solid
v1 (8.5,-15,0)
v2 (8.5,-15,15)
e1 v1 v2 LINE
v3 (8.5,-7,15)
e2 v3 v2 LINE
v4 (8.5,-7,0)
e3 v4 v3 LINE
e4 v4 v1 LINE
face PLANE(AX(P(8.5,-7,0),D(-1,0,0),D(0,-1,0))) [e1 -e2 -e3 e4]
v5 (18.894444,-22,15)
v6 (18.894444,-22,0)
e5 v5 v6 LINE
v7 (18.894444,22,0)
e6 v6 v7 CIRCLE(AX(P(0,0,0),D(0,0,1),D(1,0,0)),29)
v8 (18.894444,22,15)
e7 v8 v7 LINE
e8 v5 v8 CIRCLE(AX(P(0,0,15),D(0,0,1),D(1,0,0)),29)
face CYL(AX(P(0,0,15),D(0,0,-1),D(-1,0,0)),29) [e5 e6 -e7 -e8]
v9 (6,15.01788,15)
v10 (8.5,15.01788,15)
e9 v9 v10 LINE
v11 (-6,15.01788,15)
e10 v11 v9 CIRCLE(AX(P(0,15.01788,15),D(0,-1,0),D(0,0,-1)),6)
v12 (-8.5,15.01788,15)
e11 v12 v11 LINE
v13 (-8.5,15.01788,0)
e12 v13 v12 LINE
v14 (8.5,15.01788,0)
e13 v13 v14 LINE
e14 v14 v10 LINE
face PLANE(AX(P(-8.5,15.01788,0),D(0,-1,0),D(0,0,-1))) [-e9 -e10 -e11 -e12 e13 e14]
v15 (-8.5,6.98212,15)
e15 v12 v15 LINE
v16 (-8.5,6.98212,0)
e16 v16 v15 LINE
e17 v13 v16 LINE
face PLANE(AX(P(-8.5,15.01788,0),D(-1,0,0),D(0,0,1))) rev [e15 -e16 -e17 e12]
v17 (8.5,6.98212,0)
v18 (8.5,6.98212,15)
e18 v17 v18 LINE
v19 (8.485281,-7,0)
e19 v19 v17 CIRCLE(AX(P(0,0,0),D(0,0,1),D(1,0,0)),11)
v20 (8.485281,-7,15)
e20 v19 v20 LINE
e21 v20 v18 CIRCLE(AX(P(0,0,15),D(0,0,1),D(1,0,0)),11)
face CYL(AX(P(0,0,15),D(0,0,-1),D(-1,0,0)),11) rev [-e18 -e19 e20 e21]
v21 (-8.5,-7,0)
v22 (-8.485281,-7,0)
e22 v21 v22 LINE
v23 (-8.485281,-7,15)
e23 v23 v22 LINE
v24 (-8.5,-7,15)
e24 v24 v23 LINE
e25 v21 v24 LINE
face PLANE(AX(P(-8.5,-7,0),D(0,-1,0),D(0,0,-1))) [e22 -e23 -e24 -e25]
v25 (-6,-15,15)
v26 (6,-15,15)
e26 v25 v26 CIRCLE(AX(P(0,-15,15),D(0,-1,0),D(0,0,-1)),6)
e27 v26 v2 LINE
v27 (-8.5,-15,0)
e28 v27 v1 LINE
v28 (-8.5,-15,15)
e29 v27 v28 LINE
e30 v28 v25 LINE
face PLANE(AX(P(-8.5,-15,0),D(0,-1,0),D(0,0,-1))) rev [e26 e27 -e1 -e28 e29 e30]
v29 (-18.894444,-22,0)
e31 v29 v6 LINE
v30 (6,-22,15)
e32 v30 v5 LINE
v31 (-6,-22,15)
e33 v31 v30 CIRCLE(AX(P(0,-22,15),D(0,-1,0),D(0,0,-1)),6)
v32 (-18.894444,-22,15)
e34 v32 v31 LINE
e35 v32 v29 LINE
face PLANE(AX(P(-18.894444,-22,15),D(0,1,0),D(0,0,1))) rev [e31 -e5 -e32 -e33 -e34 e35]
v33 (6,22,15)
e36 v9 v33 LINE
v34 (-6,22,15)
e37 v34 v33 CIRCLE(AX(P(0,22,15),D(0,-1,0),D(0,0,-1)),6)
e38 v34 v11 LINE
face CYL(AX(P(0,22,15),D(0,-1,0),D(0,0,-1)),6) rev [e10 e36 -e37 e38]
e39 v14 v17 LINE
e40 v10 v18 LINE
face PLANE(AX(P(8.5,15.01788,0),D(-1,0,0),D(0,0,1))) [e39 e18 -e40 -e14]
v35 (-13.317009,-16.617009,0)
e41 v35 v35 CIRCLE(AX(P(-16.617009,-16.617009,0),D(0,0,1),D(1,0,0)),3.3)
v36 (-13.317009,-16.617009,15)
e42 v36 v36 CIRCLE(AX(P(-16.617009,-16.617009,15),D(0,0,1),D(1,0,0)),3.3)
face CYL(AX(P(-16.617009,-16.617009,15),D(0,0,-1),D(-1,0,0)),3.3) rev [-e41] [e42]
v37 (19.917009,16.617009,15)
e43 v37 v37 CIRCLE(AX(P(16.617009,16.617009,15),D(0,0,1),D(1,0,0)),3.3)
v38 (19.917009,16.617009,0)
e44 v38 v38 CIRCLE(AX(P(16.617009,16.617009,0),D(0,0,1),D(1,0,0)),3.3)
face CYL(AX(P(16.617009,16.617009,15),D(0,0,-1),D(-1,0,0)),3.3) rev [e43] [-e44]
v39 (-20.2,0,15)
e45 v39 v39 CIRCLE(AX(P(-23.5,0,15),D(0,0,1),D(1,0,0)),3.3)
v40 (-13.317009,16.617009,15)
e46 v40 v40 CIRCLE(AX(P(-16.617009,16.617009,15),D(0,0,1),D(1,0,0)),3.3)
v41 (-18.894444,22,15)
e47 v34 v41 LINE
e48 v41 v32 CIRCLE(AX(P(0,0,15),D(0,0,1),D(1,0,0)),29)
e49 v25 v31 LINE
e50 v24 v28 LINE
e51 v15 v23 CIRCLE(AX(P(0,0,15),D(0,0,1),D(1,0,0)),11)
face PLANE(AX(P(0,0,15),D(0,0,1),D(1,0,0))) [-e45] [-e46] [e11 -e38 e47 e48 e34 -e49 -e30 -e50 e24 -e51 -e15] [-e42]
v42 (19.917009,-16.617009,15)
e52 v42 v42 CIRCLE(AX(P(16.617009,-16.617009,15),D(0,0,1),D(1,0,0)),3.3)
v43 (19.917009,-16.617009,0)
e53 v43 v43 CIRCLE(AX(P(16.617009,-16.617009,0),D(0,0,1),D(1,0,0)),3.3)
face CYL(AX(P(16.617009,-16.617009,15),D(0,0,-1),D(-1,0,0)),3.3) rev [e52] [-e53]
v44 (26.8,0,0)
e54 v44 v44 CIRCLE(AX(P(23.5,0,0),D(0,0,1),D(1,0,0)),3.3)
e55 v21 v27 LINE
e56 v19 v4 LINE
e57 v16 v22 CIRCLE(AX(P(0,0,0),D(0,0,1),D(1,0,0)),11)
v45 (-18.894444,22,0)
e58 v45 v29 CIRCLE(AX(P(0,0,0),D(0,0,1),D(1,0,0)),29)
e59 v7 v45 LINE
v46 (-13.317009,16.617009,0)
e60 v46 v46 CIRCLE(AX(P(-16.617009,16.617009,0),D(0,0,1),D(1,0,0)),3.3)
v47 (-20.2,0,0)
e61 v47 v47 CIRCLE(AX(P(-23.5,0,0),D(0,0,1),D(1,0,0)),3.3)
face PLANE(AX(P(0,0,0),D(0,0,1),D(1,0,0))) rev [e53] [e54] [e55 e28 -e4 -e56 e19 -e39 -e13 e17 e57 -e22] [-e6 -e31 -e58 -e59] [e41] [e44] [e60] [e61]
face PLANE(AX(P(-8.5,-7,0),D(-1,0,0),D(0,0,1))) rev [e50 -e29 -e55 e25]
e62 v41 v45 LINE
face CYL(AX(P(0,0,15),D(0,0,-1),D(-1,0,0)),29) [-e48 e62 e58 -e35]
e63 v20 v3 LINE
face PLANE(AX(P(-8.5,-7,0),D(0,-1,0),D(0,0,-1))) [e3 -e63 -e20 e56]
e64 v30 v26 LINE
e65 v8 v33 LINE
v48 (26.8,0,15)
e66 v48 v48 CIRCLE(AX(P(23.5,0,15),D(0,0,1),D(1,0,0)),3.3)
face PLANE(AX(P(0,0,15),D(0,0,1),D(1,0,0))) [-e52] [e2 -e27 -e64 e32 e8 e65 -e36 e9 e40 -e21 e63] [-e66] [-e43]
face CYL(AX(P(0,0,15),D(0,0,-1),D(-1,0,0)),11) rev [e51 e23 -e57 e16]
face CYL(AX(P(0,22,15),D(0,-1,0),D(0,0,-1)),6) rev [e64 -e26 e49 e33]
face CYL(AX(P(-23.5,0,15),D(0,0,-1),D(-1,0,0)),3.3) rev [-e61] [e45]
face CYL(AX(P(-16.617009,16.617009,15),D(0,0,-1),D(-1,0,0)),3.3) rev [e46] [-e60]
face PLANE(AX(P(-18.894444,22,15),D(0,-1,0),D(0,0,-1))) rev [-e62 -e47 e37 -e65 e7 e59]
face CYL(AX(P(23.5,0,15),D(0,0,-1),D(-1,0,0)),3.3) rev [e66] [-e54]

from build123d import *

# Parameters (mm, degrees)
SZKIC1_R                    = 3.3
SZKIC1_R_2                  = 11
DODANIE_WYCI_GNI_CIE2_DEPTH = 15
SZKIC2_W                    = 17
SZKIC2_H                    = 8
SZKIC2_H_2                  = 8.035759956
WYTNIJ_WYCI_GNI_CIE1_DEPTH  = 16
SZKIC3_R                    = 6
WYTNIJ_WYCI_GNI_CIE2_DEPTH  = 45


with BuildPart() as part:
    # Szkic1 → Dodanie-wyciągnięcie2 (new body)
    with BuildSketch(Plane.XY):
        with BuildLine():
            Line((-18.894443628, 22), (18.894443628, 22))
            ThreePointArc((18.894443628, 22), (29, 0), (18.894443628, -22))
            Line((18.894443628, -22), (-18.894443628, -22))
            ThreePointArc((-18.894443628, -22), (-29, 0), (-18.894443628, 22))
        make_face()
        with Locations((-23.5, 0)):
            Circle(SZKIC1_R, mode=Mode.SUBTRACT)
        with Locations((-16.617009358, 16.617009358)):
            Circle(SZKIC1_R, mode=Mode.SUBTRACT)
        with Locations((16.617009358, 16.617009358)):
            Circle(SZKIC1_R, mode=Mode.SUBTRACT)
        with Locations((23.5, 0)):
            Circle(SZKIC1_R, mode=Mode.SUBTRACT)
        with Locations((16.617009358, -16.617009358)):
            Circle(SZKIC1_R, mode=Mode.SUBTRACT)
        with Locations((-16.617009358, -16.617009358)):
            Circle(SZKIC1_R, mode=Mode.SUBTRACT)
        Circle(SZKIC1_R_2, mode=Mode.SUBTRACT)
    extrude(amount=DODANIE_WYCI_GNI_CIE2_DEPTH)

    # Szkic2 → Wytnij-wyciągnięcie1 (cut, through all)
    with BuildSketch(Plane.XY.offset(15)):
        with Locations((0, -11)):
            Rectangle(SZKIC2_W, SZKIC2_H)
        with Locations((0, 11)):
            Rectangle(SZKIC2_W, SZKIC2_H_2)
    extrude(amount=-WYTNIJ_WYCI_GNI_CIE1_DEPTH, mode=Mode.SUBTRACT)

    # Szkic3 → Wytnij-wyciągnięcie2 (cut, through all)
    with BuildSketch(Plane.XZ.offset(22)):
        with Locations((0, 15)):
            Circle(SZKIC3_R)
    extrude(amount=-WYTNIJ_WYCI_GNI_CIE2_DEPTH, mode=Mode.SUBTRACT)


solid = part.part
